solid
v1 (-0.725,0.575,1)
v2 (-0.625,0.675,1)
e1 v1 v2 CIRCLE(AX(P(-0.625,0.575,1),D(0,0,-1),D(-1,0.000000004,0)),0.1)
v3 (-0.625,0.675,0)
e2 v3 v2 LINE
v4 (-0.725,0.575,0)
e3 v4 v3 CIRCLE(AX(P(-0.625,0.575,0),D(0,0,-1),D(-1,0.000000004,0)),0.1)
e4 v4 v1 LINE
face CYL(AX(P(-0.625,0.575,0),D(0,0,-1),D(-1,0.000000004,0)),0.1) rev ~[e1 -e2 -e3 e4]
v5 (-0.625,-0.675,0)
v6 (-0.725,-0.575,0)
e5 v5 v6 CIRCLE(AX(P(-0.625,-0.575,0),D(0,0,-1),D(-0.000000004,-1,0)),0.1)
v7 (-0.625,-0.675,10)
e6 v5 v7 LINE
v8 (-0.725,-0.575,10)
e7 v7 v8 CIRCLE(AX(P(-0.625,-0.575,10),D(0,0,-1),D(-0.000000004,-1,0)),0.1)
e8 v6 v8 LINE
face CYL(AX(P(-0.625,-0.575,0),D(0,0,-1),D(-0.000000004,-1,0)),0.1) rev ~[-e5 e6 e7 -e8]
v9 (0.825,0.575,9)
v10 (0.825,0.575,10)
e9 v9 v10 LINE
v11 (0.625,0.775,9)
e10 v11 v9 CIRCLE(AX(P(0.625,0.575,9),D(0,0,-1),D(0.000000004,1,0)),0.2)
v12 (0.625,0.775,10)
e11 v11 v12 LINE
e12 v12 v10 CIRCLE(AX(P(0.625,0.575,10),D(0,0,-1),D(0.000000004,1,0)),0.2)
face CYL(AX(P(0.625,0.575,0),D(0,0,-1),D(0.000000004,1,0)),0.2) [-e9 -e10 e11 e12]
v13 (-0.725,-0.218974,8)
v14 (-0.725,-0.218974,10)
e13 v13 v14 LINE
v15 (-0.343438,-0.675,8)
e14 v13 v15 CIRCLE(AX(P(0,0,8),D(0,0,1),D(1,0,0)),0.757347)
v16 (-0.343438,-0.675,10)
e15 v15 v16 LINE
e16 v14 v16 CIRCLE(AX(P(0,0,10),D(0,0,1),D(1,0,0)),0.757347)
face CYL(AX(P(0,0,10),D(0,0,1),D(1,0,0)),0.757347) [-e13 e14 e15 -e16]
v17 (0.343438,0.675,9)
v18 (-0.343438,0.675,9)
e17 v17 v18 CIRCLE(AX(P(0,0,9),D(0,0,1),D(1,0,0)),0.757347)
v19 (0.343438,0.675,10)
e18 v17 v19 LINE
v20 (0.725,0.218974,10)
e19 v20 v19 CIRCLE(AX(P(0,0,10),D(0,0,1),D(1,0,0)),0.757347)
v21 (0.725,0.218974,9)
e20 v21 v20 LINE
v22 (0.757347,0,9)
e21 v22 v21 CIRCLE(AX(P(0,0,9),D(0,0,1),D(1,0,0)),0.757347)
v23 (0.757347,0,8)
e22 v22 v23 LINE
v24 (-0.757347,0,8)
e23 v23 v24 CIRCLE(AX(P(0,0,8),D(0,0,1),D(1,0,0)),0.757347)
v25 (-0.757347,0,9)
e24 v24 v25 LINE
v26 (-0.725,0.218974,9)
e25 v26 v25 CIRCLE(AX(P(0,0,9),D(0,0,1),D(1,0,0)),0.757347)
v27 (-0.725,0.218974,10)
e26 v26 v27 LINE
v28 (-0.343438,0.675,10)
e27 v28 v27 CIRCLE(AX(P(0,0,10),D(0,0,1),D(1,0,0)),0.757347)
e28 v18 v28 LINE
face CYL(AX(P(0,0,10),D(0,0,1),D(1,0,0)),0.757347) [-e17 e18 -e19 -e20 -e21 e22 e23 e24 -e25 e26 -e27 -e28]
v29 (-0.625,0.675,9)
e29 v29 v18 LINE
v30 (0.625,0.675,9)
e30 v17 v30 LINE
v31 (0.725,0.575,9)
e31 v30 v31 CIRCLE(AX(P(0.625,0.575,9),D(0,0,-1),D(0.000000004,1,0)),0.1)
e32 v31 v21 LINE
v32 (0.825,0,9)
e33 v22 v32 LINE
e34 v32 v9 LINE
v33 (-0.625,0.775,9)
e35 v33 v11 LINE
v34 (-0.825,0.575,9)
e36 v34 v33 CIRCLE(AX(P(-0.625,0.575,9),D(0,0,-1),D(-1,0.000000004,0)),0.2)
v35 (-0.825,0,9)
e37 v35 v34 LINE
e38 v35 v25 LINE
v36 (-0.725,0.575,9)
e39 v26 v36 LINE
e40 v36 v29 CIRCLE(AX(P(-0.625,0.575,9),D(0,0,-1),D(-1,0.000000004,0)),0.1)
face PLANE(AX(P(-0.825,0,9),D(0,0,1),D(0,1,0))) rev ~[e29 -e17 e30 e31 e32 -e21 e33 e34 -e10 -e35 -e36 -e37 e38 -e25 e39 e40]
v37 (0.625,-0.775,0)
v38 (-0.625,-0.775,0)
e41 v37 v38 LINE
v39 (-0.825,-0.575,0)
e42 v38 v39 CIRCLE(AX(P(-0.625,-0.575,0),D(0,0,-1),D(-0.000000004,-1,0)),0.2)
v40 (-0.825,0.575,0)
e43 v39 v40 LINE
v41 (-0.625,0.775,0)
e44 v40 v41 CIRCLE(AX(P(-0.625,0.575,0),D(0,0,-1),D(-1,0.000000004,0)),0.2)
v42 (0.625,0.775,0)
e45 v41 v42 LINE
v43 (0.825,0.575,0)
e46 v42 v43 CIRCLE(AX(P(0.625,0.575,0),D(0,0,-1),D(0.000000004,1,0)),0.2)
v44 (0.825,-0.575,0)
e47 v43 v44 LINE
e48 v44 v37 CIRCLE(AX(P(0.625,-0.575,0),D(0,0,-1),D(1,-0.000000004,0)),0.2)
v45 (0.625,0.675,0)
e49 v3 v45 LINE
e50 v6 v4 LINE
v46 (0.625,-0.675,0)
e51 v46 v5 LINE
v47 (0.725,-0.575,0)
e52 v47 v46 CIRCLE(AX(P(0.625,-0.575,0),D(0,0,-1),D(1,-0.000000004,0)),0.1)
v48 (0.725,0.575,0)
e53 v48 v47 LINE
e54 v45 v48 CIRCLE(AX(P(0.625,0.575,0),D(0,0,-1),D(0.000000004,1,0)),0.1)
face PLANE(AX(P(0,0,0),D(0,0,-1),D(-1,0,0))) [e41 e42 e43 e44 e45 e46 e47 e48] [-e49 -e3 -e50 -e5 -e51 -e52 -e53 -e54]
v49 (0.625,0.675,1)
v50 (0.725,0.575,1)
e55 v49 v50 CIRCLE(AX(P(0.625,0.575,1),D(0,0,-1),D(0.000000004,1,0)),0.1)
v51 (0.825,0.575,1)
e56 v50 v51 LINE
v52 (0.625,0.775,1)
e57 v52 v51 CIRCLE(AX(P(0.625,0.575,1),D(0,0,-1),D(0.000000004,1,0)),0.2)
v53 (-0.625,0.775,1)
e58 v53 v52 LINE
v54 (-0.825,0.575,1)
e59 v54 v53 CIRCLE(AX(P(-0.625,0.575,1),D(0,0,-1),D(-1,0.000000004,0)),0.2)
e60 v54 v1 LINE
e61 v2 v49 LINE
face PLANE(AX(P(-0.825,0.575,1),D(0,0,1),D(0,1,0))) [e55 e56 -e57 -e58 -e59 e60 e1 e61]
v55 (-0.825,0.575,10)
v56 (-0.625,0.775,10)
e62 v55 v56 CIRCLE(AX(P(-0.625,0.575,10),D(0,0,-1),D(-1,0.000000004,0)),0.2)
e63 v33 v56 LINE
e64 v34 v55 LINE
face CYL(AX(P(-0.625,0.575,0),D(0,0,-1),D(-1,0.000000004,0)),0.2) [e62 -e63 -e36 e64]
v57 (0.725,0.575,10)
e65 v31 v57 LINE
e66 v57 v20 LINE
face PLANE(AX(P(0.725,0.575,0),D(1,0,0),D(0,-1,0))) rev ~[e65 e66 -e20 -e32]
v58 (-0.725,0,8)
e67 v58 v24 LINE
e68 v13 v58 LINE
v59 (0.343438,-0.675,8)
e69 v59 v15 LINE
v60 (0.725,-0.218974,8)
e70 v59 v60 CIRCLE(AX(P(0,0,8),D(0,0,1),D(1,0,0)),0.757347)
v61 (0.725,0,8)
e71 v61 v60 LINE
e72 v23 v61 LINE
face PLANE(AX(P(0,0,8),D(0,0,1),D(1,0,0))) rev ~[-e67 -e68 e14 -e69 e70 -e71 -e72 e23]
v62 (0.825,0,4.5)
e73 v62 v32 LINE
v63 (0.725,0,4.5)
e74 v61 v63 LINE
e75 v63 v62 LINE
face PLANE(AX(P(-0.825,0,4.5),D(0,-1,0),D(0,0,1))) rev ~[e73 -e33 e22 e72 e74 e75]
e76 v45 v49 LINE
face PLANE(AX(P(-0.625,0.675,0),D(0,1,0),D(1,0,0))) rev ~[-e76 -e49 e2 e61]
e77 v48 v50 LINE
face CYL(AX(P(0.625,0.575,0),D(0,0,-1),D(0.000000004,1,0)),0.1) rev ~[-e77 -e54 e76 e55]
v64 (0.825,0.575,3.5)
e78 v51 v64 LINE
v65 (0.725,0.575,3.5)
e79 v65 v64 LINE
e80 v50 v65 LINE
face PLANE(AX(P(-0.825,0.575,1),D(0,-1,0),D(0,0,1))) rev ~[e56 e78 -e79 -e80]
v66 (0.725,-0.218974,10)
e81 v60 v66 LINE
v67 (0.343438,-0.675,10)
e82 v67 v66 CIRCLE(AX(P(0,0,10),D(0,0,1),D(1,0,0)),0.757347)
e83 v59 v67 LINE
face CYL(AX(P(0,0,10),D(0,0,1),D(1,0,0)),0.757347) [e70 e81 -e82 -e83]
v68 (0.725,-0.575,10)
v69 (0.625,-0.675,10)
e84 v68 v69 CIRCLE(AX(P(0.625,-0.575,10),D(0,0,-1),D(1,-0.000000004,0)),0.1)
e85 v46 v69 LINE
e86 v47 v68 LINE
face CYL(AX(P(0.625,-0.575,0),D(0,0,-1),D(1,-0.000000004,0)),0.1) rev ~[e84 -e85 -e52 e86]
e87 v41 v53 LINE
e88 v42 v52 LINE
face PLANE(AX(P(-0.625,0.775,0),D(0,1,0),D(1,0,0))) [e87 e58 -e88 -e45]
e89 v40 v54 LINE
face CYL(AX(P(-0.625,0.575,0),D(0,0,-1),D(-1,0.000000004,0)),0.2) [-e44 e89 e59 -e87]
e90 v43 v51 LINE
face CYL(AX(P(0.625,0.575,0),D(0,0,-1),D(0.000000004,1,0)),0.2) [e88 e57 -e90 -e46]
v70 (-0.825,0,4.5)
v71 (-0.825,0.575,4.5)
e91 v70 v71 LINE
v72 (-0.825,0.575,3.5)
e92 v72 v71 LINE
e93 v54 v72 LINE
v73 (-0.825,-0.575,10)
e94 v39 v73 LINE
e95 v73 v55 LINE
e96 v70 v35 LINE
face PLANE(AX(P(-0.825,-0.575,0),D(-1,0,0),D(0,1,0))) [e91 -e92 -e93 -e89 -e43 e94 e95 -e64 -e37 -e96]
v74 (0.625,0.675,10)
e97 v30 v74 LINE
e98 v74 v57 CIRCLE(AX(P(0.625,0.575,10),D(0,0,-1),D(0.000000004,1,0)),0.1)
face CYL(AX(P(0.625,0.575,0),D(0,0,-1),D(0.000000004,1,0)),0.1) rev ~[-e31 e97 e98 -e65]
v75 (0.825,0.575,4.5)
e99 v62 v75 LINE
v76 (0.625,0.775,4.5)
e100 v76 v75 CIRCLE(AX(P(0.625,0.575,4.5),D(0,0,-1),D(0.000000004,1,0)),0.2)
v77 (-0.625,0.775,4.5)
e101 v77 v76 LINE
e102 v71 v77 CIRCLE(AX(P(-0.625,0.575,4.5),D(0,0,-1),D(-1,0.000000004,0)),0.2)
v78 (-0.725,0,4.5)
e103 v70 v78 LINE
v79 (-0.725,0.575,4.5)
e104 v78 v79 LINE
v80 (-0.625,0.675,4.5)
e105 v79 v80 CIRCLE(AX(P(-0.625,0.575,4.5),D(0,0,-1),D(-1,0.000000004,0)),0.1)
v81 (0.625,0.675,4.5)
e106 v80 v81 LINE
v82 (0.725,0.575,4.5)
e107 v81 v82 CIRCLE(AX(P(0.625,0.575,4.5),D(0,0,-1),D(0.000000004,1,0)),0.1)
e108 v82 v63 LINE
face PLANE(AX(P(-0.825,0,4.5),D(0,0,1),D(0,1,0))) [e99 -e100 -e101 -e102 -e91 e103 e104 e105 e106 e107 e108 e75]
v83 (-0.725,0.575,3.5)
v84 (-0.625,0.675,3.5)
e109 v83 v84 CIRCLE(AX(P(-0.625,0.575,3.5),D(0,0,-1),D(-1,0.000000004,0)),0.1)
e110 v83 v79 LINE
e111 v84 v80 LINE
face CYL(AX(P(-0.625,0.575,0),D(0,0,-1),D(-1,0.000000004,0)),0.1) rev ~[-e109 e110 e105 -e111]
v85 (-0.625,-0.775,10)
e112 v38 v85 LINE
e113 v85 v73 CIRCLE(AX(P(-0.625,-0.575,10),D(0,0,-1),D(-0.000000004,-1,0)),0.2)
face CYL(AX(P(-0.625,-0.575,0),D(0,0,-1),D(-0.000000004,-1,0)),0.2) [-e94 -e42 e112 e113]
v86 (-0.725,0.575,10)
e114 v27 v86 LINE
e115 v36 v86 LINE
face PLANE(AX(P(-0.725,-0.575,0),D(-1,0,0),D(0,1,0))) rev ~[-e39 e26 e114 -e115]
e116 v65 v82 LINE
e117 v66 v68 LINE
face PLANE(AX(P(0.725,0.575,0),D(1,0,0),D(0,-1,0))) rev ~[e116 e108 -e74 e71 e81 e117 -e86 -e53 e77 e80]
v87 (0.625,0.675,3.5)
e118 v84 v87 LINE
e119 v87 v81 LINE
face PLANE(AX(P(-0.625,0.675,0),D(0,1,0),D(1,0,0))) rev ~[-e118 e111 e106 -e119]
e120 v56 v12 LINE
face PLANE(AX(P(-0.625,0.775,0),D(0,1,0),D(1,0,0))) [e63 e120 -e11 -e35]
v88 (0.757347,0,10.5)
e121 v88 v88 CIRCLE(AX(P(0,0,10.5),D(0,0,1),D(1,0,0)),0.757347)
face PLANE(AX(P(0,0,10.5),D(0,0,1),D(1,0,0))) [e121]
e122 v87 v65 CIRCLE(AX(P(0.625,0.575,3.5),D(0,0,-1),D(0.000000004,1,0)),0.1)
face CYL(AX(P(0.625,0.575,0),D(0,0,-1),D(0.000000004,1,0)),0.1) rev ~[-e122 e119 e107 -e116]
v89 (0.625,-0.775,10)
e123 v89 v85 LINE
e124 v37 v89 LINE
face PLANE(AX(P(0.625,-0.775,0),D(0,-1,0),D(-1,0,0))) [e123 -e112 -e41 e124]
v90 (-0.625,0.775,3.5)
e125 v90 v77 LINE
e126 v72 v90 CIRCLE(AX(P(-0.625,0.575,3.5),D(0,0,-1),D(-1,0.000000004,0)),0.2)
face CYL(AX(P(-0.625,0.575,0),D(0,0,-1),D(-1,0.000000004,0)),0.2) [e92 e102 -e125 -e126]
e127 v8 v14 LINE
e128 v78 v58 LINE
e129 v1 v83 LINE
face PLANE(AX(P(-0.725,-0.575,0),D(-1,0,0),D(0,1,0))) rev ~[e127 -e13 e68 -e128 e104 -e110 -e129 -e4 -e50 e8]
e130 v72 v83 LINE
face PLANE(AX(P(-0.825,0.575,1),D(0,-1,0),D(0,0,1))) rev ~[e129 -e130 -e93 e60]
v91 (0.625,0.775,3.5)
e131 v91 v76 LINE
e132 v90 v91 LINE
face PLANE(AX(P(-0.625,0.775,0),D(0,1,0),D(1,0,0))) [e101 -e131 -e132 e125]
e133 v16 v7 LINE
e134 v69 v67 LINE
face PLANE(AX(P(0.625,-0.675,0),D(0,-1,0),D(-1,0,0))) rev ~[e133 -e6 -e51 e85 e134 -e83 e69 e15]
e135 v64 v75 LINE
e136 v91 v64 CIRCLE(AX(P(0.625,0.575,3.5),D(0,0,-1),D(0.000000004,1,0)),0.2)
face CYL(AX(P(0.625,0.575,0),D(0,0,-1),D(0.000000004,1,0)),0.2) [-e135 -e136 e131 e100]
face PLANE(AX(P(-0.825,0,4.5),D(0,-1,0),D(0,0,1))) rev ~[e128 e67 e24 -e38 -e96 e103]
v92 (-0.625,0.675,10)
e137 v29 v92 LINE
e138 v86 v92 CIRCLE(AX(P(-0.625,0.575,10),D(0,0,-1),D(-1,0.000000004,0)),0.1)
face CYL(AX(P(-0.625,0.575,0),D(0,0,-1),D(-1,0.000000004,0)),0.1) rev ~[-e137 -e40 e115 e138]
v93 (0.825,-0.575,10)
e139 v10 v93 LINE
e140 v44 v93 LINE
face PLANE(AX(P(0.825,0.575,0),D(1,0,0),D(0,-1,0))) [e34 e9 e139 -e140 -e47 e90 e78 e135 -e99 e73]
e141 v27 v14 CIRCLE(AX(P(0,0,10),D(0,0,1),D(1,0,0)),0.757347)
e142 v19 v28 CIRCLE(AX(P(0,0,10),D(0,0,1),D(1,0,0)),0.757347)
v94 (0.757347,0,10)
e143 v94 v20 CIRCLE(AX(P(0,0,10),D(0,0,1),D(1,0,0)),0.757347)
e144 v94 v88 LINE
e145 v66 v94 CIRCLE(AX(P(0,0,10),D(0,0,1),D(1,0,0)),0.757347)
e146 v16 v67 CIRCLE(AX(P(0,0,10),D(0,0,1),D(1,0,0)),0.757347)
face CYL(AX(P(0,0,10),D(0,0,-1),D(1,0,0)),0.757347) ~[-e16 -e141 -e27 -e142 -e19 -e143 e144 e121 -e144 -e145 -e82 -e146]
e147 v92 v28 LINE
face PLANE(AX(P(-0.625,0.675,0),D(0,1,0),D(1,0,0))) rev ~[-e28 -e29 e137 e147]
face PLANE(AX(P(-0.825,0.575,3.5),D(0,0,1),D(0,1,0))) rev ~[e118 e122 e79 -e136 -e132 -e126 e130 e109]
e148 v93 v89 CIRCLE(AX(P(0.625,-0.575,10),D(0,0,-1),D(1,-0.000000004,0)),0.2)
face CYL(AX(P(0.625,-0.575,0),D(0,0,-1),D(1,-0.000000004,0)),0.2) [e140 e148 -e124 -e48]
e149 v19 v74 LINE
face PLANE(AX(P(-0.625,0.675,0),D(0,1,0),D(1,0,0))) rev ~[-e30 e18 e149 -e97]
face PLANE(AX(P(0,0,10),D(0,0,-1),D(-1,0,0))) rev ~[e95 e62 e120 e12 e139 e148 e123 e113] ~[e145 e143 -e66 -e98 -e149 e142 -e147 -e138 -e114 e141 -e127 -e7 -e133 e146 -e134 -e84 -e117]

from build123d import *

# Parameters (mm, degrees)
BODY_DEPTH         = 10
SKETCH2_W          = 2.5
SKETCH2_H          = 0.2
SKETCH2_W_2        = 4.5
SKETCH2_H_2        = 0.775
CUT_EXTRUDE1_DEPTH = 1.65
SKETCH3_R          = 0.757347034
WIRE_2_DEPTH       = 0.5
WIRE_2_DEPTH_BACK  = 2


with BuildPart() as part:
    # Sketch1 → Body (new body)
    with BuildSketch(Plane.XY):
        with BuildLine():
            Line((0.625, -0.775), (-0.625, -0.775))
            ThreePointArc((-0.625, -0.775), (-0.766421356, -0.716421356), (-0.825, -0.575))
            Line((-0.825, -0.575), (-0.825, 0.575))
            ThreePointArc((-0.825, 0.575), (-0.766421356, 0.716421356), (-0.625, 0.775))
            Line((-0.625, 0.775), (0.625, 0.775))
            ThreePointArc((0.625, 0.775), (0.766421356, 0.716421356), (0.825, 0.575))
            Line((0.825, 0.575), (0.825, -0.575))
            ThreePointArc((0.825, -0.575), (0.766421356, -0.716421356), (0.625, -0.775))
        make_face()
        with BuildLine():
            Line((-0.725, -0.575), (-0.725, 0.575))
            ThreePointArc((-0.725, 0.575), (-0.695710678, 0.645710678), (-0.625, 0.675))
            Line((-0.625, 0.675), (0.625, 0.675))
            ThreePointArc((0.625, 0.675), (0.695710678, 0.645710678), (0.725, 0.575))
            Line((0.725, 0.575), (0.725, -0.575))
            ThreePointArc((0.725, -0.575), (0.695710678, -0.645710678), (0.625, -0.675))
            Line((0.625, -0.675), (-0.625, -0.675))
            ThreePointArc((-0.625, -0.675), (-0.695710678, -0.645710678), (-0.725, -0.575))
        make_face(mode=Mode.SUBTRACT)
    extrude(amount=BODY_DEPTH)

    # Sketch2 → Cut-Extrude1 (cut)
    with BuildSketch(Plane.ZY.offset(0.825)):
        with Locations((2.25, 0.675)):
            Rectangle(SKETCH2_W, SKETCH2_H)
        with Locations((6.75, 0.3875)):
            Rectangle(SKETCH2_W_2, SKETCH2_H_2)
    extrude(amount=-CUT_EXTRUDE1_DEPTH, mode=Mode.SUBTRACT)

    # Sketch3 → Wire 2 (add, two sides)
    with BuildSketch(Plane.XY.offset(10)) as wire_2_sk:
        Circle(SKETCH3_R)
    extrude(amount=WIRE_2_DEPTH)
    extrude(wire_2_sk.sketch, amount=-WIRE_2_DEPTH_BACK)


solid = part.part
